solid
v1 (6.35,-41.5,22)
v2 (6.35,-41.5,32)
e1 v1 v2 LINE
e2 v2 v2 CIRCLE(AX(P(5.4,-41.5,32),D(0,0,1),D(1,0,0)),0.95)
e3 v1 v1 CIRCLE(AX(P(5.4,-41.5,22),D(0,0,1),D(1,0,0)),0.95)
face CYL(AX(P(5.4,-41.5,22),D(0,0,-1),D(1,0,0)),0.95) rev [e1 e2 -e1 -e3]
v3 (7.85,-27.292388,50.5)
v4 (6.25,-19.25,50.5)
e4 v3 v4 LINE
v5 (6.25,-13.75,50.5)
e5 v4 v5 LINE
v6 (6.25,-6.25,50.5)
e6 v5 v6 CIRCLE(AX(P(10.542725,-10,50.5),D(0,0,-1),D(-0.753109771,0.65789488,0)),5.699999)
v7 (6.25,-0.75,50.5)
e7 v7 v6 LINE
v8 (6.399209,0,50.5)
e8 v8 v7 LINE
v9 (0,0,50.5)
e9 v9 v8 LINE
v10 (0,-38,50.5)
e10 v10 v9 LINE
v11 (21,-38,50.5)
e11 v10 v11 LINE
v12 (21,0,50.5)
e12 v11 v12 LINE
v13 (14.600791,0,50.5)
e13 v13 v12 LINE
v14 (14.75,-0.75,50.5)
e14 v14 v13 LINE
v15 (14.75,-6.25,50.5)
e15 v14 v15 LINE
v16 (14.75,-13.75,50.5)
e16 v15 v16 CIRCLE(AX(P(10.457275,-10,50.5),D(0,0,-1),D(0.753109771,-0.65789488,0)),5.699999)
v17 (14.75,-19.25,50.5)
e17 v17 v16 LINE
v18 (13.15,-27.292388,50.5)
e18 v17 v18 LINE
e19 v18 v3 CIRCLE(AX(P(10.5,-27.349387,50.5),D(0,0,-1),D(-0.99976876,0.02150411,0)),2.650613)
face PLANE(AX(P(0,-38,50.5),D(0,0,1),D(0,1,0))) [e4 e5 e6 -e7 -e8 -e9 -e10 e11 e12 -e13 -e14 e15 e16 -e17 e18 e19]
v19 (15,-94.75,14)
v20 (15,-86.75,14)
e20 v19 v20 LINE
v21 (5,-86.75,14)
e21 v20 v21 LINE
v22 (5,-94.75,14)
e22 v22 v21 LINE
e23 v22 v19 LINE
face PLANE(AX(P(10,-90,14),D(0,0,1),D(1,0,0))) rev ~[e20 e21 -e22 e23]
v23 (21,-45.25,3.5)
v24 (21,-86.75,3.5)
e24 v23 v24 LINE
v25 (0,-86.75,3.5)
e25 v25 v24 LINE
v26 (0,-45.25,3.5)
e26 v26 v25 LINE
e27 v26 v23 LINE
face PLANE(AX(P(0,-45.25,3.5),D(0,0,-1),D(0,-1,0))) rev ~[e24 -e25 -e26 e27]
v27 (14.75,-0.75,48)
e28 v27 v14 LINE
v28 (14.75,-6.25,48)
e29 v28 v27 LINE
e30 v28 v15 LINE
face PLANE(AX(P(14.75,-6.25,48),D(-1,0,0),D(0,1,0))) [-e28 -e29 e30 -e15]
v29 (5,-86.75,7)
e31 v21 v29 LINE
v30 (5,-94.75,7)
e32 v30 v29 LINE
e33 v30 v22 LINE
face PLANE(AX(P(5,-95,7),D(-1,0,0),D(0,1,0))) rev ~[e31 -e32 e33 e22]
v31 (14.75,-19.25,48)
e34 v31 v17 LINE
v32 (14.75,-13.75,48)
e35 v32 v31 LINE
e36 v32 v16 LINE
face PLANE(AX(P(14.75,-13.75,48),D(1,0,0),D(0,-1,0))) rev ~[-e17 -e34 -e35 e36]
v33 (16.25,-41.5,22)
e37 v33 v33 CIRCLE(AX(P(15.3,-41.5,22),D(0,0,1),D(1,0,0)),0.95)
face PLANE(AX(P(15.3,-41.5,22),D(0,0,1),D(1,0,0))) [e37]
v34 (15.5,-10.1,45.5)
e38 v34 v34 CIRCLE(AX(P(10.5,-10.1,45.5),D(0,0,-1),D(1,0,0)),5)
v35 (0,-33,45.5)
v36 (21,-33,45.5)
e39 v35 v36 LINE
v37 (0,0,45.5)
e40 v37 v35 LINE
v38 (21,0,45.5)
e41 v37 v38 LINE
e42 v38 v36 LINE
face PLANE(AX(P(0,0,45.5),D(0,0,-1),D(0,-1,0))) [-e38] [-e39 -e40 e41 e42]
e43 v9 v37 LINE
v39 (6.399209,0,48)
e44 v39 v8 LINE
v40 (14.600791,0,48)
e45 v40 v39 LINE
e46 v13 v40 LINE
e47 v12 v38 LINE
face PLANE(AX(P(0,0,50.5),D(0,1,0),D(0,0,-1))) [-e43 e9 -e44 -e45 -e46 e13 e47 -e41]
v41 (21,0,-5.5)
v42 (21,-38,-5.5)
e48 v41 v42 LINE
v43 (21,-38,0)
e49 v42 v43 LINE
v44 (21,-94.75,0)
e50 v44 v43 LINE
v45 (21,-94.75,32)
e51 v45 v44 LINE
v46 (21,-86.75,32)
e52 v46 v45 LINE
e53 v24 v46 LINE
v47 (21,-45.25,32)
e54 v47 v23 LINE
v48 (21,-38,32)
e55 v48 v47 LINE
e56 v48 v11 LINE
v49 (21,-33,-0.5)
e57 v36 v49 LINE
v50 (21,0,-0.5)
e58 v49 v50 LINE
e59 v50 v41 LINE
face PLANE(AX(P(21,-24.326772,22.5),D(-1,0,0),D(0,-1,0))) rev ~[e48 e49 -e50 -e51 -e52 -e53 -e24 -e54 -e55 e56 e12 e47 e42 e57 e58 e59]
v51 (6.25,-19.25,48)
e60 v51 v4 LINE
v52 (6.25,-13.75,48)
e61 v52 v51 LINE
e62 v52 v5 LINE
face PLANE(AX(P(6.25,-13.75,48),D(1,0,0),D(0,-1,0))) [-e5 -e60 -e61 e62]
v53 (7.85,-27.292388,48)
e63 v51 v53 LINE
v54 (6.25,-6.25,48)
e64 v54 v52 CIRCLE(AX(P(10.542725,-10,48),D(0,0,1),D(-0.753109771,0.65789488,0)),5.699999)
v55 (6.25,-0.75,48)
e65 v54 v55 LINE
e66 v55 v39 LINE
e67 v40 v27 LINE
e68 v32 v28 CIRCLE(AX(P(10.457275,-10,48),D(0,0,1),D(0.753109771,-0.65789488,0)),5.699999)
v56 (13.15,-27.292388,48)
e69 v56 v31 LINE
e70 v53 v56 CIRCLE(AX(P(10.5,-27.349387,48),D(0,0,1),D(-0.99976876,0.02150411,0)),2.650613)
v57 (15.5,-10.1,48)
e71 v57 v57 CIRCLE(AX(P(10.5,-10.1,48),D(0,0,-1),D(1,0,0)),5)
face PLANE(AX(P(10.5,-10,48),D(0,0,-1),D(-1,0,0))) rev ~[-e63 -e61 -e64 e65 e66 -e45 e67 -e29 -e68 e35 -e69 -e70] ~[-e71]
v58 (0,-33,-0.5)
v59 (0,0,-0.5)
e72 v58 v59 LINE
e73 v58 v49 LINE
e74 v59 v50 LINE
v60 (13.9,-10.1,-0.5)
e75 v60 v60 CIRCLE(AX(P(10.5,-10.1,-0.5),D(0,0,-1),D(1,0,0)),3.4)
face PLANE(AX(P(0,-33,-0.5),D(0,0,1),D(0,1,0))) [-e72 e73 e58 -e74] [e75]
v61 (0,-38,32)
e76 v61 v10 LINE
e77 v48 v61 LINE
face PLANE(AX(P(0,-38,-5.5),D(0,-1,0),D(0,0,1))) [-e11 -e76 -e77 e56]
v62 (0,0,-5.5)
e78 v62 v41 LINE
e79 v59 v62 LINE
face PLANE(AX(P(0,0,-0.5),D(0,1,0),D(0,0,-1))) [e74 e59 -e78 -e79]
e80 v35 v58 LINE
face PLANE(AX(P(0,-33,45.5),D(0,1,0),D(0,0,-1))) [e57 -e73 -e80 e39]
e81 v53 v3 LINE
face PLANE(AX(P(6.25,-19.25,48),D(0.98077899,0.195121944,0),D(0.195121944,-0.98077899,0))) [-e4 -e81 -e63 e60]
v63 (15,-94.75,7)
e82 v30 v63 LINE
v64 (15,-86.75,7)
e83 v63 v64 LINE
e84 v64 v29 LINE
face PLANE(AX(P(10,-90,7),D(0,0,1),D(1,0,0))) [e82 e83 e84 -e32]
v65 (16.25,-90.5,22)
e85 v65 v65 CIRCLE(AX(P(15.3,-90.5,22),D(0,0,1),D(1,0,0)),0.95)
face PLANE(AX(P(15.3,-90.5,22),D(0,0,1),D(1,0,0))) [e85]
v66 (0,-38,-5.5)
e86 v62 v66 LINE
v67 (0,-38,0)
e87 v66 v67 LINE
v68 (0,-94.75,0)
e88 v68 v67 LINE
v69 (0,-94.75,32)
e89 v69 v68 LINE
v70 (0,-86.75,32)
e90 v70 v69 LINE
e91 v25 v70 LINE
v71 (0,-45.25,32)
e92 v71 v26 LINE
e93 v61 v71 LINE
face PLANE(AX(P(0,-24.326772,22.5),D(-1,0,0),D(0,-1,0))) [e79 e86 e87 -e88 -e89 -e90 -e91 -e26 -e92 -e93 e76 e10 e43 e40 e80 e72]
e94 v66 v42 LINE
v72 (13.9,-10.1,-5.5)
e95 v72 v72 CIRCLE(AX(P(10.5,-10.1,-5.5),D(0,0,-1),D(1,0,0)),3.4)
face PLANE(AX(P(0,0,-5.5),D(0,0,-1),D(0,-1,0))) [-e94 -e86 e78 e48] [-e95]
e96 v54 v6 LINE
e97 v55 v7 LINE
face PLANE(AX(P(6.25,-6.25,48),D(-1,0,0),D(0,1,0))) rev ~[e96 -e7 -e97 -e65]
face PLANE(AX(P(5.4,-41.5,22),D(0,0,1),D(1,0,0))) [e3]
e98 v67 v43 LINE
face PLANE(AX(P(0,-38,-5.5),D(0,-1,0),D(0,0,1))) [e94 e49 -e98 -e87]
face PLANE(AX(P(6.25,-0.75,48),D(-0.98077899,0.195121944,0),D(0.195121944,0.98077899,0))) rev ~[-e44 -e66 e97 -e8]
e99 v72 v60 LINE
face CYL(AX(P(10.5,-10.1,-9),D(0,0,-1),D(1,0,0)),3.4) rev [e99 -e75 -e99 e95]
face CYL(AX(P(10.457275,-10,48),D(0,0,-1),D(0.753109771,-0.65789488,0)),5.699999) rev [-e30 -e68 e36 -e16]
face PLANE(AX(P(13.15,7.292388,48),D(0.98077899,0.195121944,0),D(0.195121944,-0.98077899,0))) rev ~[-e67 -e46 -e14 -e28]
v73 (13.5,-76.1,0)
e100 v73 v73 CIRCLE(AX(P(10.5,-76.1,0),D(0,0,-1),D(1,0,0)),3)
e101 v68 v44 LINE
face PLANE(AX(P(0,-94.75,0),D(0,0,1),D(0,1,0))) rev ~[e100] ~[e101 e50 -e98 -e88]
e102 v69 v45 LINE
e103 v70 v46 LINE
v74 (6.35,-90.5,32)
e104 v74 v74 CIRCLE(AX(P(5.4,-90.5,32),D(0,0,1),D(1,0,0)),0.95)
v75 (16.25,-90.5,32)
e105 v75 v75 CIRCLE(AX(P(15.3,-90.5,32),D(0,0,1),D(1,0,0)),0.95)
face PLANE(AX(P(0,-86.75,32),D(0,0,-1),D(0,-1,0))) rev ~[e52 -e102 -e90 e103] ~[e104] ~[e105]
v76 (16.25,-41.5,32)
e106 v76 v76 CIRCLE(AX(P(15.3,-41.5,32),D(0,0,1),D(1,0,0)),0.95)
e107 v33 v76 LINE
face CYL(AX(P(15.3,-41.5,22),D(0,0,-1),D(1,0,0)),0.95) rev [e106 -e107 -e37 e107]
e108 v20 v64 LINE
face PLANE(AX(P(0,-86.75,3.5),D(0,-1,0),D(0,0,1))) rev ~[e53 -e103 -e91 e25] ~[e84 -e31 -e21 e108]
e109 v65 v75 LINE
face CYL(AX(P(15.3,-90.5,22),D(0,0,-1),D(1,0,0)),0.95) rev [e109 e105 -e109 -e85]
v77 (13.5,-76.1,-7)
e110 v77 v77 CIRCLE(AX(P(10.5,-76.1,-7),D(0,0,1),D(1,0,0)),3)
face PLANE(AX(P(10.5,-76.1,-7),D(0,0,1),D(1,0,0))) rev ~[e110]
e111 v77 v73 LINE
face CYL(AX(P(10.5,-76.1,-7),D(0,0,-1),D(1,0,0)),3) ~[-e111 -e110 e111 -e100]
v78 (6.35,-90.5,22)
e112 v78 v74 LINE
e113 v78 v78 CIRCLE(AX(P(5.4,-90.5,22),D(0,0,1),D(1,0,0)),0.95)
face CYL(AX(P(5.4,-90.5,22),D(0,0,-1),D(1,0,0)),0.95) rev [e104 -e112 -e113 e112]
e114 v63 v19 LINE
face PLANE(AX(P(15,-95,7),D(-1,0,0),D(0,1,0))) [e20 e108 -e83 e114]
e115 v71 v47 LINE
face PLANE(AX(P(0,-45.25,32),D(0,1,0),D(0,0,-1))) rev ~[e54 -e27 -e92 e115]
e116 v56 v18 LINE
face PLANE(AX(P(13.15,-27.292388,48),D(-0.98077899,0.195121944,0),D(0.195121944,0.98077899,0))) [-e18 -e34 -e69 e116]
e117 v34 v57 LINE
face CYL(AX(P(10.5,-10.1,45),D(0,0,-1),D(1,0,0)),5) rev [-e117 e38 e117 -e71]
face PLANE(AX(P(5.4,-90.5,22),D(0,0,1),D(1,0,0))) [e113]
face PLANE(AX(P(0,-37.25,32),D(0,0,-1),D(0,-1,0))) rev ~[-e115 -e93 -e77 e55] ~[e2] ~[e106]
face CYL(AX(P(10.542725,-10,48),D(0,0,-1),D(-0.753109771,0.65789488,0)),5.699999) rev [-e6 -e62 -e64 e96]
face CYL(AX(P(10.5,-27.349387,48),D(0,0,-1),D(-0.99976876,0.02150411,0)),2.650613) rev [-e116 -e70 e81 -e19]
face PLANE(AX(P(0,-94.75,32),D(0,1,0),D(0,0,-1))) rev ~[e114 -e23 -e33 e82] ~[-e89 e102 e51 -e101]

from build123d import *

# Parameters (mm, degrees)
CYLINDER030_R     = 3.4
CYLINDER030_DEPTH = 44
CYLINDER029_R     = 5
CYLINDER029_DEPTH = 9
PAD010_DEPTH      = 5
PAD009_DEPTH      = 21
CYLINDER034_R     = 0.95
CYLINDER034_DEPTH = 10
CYLINDER035_R     = 0.95
CYLINDER035_DEPTH = 10
CYLINDER032_R     = 0.95
CYLINDER032_DEPTH = 10
CYLINDER033_R     = 0.95
CYLINDER033_DEPTH = 10
BOX006_W          = 10
BOX006_H          = 10
BOX006_DEPTH      = 7
PAD011_DEPTH      = 21
CYLINDER031_R     = 3
CYLINDER031_DEPTH = 10


with BuildPart() as cylinder030:
    # Cylinder030 → Cylinder030 (new body)
    with BuildSketch(Plane(origin=(10.5, -10.1, -9), x_dir=(1, 0, 0), z_dir=(0, 0, 1))):
        Circle(CYLINDER030_R)
    extrude(amount=CYLINDER030_DEPTH)


with BuildPart() as cylinder029:
    # Cylinder029 → Cylinder029 (new body)
    with BuildSketch(Plane(origin=(10.5, -10.1, 45), x_dir=(1, 0, 0), z_dir=(0, 0, 1))):
        Circle(CYLINDER029_R)
    extrude(amount=CYLINDER029_DEPTH)


with BuildPart() as fusion024:
    # Sketch010 → Pad010 (new body)
    with BuildSketch(Plane.XY):
        with BuildLine():
            Line((-4.25, 3.75), (-4.25, 9.25))
            Line((-4.25, 9.25), (-2.65, 17.292388))
            ThreePointArc((2.65, 17.292388), (0, 20), (-2.65, 17.292388))
            Line((2.65, 17.292388), (4.25, 9.25))
            Line((4.25, 3.75), (4.25, 9.25))
            ThreePointArc((4.25, -3.75), (5.657274, 0), (4.25, 3.75))
            Line((4.25, -3.75), (4.25, -9.25))
            Line((2.65, -17.292388), (4.25, -9.25))
            ThreePointArc((-2.65, -17.292388), (0, -20), (2.65, -17.292388))
            Line((-4.25, -9.25), (-2.65, -17.292388))
            Line((-4.25, -3.75), (-4.25, -9.25))
            ThreePointArc((-4.25, 3.75), (-5.657274, 0), (-4.25, -3.75))
        make_face()
    extrude(amount=PAD010_DEPTH)


with BuildPart() as fusion024_1:
    # Body010 placement: moved
    add(fusion024.part.moved(Location((10.5, -10, 48))))

    # Fusion024: union Cylinder029
    add(cylinder029.part)


with BuildPart() as agarre001:
    # Sketch009 → Pad009 (new body)
    with BuildSketch(Plane.YZ):
        Polygon((-33, -0.5), (0, -0.5), (0, -5.5), (-38, -5.5), (-38, 50.5), (0, 50.5), (0, 45.5), (-33, 45.5), align=None)
    extrude(amount=PAD009_DEPTH)

    # Cut014: cut Fusion024
    add(fusion024_1.part, mode=Mode.SUBTRACT)

    # Cut015: cut Cylinder030
    add(cylinder030.part, mode=Mode.SUBTRACT)


with BuildPart() as cylinder034:
    # Cylinder034 → Cylinder034 (new body)
    with BuildSketch(Plane(origin=(9.9, 0, 0), x_dir=(1, 0, 0), z_dir=(0, 0, 1))):
        Circle(CYLINDER034_R)
    extrude(amount=CYLINDER034_DEPTH)


with BuildPart() as tornillos013:
    # Cylinder035 → Cylinder035 (new body)
    with BuildSketch(Plane.XY):
        Circle(CYLINDER035_R)
    extrude(amount=CYLINDER035_DEPTH)

    # Fusion026: union Cylinder034
    add(cylinder034.part)


with BuildPart() as tornillos013_1:
    # Fusion026 placement: moved
    add(tornillos013.part.moved(Location((5, -24.5, 22))))


with BuildPart() as cylinder032:
    # Cylinder032 → Cylinder032 (new body)
    with BuildSketch(Plane(origin=(9.9, 0, 0), x_dir=(1, 0, 0), z_dir=(0, 0, 1))):
        Circle(CYLINDER032_R)
    extrude(amount=CYLINDER032_DEPTH)


with BuildPart() as fusion027:
    # Cylinder033 → Cylinder033 (new body)
    with BuildSketch(Plane.XY):
        Circle(CYLINDER033_R)
    extrude(amount=CYLINDER033_DEPTH)

    # Fusion025: union Cylinder032
    add(cylinder032.part)


with BuildPart() as fusion027_1:
    # Fusion025 placement: moved
    add(fusion027.part.moved(Location((5, 24.5, 22))))

    # Fusion027: union Tornillos013
    add(tornillos013_1.part)


with BuildPart() as fusion027_2:
    # Fusion027 placement: moved
    add(fusion027_1.part.moved(Location((0.4, 0, 0))))


with BuildPart() as cube006:
    # Box006 → Box006 (new body)
    with BuildSketch(Plane(origin=(5, -29, 7), x_dir=(1, 0, 0), z_dir=(0, 0, 1))):
        with Locations((5, 5)):
            Rectangle(BOX006_W, BOX006_H)
    extrude(amount=BOX006_DEPTH)


with BuildPart() as holder007:
    # Sketch011 → Pad011 (new body)
    with BuildSketch(Plane.YZ):
        Polygon((-28.75, 32), (-28.75, 0), (28.75, 0), (28.75, 32), (20.75, 32), (20.75, 3.5), (-20.75, 3.5), (-20.75, 32), align=None)
    extrude(amount=PAD011_DEPTH)

    # Cut016: cut Cube006
    add(cube006.part, mode=Mode.SUBTRACT)

    # Cut017: cut Fusion027
    add(fusion027_2.part, mode=Mode.SUBTRACT)


with BuildPart() as fusion029:
    # Cylinder031 → Cylinder031 (new body)
    with BuildSketch(Plane(origin=(10.5, -10.1, -7), x_dir=(1, 0, 0), z_dir=(0, 0, 1))):
        Circle(CYLINDER031_R)
    extrude(amount=CYLINDER031_DEPTH)

    # Fusion028: union Holder007
    add(holder007.part)


with BuildPart() as fusion029_1:
    # Fusion028 placement: moved
    add(fusion029.part.moved(Location((0, -66, 0))))

    # Fusion029: union Agarre001
    add(agarre001.part)


solid = fusion029_1.part
